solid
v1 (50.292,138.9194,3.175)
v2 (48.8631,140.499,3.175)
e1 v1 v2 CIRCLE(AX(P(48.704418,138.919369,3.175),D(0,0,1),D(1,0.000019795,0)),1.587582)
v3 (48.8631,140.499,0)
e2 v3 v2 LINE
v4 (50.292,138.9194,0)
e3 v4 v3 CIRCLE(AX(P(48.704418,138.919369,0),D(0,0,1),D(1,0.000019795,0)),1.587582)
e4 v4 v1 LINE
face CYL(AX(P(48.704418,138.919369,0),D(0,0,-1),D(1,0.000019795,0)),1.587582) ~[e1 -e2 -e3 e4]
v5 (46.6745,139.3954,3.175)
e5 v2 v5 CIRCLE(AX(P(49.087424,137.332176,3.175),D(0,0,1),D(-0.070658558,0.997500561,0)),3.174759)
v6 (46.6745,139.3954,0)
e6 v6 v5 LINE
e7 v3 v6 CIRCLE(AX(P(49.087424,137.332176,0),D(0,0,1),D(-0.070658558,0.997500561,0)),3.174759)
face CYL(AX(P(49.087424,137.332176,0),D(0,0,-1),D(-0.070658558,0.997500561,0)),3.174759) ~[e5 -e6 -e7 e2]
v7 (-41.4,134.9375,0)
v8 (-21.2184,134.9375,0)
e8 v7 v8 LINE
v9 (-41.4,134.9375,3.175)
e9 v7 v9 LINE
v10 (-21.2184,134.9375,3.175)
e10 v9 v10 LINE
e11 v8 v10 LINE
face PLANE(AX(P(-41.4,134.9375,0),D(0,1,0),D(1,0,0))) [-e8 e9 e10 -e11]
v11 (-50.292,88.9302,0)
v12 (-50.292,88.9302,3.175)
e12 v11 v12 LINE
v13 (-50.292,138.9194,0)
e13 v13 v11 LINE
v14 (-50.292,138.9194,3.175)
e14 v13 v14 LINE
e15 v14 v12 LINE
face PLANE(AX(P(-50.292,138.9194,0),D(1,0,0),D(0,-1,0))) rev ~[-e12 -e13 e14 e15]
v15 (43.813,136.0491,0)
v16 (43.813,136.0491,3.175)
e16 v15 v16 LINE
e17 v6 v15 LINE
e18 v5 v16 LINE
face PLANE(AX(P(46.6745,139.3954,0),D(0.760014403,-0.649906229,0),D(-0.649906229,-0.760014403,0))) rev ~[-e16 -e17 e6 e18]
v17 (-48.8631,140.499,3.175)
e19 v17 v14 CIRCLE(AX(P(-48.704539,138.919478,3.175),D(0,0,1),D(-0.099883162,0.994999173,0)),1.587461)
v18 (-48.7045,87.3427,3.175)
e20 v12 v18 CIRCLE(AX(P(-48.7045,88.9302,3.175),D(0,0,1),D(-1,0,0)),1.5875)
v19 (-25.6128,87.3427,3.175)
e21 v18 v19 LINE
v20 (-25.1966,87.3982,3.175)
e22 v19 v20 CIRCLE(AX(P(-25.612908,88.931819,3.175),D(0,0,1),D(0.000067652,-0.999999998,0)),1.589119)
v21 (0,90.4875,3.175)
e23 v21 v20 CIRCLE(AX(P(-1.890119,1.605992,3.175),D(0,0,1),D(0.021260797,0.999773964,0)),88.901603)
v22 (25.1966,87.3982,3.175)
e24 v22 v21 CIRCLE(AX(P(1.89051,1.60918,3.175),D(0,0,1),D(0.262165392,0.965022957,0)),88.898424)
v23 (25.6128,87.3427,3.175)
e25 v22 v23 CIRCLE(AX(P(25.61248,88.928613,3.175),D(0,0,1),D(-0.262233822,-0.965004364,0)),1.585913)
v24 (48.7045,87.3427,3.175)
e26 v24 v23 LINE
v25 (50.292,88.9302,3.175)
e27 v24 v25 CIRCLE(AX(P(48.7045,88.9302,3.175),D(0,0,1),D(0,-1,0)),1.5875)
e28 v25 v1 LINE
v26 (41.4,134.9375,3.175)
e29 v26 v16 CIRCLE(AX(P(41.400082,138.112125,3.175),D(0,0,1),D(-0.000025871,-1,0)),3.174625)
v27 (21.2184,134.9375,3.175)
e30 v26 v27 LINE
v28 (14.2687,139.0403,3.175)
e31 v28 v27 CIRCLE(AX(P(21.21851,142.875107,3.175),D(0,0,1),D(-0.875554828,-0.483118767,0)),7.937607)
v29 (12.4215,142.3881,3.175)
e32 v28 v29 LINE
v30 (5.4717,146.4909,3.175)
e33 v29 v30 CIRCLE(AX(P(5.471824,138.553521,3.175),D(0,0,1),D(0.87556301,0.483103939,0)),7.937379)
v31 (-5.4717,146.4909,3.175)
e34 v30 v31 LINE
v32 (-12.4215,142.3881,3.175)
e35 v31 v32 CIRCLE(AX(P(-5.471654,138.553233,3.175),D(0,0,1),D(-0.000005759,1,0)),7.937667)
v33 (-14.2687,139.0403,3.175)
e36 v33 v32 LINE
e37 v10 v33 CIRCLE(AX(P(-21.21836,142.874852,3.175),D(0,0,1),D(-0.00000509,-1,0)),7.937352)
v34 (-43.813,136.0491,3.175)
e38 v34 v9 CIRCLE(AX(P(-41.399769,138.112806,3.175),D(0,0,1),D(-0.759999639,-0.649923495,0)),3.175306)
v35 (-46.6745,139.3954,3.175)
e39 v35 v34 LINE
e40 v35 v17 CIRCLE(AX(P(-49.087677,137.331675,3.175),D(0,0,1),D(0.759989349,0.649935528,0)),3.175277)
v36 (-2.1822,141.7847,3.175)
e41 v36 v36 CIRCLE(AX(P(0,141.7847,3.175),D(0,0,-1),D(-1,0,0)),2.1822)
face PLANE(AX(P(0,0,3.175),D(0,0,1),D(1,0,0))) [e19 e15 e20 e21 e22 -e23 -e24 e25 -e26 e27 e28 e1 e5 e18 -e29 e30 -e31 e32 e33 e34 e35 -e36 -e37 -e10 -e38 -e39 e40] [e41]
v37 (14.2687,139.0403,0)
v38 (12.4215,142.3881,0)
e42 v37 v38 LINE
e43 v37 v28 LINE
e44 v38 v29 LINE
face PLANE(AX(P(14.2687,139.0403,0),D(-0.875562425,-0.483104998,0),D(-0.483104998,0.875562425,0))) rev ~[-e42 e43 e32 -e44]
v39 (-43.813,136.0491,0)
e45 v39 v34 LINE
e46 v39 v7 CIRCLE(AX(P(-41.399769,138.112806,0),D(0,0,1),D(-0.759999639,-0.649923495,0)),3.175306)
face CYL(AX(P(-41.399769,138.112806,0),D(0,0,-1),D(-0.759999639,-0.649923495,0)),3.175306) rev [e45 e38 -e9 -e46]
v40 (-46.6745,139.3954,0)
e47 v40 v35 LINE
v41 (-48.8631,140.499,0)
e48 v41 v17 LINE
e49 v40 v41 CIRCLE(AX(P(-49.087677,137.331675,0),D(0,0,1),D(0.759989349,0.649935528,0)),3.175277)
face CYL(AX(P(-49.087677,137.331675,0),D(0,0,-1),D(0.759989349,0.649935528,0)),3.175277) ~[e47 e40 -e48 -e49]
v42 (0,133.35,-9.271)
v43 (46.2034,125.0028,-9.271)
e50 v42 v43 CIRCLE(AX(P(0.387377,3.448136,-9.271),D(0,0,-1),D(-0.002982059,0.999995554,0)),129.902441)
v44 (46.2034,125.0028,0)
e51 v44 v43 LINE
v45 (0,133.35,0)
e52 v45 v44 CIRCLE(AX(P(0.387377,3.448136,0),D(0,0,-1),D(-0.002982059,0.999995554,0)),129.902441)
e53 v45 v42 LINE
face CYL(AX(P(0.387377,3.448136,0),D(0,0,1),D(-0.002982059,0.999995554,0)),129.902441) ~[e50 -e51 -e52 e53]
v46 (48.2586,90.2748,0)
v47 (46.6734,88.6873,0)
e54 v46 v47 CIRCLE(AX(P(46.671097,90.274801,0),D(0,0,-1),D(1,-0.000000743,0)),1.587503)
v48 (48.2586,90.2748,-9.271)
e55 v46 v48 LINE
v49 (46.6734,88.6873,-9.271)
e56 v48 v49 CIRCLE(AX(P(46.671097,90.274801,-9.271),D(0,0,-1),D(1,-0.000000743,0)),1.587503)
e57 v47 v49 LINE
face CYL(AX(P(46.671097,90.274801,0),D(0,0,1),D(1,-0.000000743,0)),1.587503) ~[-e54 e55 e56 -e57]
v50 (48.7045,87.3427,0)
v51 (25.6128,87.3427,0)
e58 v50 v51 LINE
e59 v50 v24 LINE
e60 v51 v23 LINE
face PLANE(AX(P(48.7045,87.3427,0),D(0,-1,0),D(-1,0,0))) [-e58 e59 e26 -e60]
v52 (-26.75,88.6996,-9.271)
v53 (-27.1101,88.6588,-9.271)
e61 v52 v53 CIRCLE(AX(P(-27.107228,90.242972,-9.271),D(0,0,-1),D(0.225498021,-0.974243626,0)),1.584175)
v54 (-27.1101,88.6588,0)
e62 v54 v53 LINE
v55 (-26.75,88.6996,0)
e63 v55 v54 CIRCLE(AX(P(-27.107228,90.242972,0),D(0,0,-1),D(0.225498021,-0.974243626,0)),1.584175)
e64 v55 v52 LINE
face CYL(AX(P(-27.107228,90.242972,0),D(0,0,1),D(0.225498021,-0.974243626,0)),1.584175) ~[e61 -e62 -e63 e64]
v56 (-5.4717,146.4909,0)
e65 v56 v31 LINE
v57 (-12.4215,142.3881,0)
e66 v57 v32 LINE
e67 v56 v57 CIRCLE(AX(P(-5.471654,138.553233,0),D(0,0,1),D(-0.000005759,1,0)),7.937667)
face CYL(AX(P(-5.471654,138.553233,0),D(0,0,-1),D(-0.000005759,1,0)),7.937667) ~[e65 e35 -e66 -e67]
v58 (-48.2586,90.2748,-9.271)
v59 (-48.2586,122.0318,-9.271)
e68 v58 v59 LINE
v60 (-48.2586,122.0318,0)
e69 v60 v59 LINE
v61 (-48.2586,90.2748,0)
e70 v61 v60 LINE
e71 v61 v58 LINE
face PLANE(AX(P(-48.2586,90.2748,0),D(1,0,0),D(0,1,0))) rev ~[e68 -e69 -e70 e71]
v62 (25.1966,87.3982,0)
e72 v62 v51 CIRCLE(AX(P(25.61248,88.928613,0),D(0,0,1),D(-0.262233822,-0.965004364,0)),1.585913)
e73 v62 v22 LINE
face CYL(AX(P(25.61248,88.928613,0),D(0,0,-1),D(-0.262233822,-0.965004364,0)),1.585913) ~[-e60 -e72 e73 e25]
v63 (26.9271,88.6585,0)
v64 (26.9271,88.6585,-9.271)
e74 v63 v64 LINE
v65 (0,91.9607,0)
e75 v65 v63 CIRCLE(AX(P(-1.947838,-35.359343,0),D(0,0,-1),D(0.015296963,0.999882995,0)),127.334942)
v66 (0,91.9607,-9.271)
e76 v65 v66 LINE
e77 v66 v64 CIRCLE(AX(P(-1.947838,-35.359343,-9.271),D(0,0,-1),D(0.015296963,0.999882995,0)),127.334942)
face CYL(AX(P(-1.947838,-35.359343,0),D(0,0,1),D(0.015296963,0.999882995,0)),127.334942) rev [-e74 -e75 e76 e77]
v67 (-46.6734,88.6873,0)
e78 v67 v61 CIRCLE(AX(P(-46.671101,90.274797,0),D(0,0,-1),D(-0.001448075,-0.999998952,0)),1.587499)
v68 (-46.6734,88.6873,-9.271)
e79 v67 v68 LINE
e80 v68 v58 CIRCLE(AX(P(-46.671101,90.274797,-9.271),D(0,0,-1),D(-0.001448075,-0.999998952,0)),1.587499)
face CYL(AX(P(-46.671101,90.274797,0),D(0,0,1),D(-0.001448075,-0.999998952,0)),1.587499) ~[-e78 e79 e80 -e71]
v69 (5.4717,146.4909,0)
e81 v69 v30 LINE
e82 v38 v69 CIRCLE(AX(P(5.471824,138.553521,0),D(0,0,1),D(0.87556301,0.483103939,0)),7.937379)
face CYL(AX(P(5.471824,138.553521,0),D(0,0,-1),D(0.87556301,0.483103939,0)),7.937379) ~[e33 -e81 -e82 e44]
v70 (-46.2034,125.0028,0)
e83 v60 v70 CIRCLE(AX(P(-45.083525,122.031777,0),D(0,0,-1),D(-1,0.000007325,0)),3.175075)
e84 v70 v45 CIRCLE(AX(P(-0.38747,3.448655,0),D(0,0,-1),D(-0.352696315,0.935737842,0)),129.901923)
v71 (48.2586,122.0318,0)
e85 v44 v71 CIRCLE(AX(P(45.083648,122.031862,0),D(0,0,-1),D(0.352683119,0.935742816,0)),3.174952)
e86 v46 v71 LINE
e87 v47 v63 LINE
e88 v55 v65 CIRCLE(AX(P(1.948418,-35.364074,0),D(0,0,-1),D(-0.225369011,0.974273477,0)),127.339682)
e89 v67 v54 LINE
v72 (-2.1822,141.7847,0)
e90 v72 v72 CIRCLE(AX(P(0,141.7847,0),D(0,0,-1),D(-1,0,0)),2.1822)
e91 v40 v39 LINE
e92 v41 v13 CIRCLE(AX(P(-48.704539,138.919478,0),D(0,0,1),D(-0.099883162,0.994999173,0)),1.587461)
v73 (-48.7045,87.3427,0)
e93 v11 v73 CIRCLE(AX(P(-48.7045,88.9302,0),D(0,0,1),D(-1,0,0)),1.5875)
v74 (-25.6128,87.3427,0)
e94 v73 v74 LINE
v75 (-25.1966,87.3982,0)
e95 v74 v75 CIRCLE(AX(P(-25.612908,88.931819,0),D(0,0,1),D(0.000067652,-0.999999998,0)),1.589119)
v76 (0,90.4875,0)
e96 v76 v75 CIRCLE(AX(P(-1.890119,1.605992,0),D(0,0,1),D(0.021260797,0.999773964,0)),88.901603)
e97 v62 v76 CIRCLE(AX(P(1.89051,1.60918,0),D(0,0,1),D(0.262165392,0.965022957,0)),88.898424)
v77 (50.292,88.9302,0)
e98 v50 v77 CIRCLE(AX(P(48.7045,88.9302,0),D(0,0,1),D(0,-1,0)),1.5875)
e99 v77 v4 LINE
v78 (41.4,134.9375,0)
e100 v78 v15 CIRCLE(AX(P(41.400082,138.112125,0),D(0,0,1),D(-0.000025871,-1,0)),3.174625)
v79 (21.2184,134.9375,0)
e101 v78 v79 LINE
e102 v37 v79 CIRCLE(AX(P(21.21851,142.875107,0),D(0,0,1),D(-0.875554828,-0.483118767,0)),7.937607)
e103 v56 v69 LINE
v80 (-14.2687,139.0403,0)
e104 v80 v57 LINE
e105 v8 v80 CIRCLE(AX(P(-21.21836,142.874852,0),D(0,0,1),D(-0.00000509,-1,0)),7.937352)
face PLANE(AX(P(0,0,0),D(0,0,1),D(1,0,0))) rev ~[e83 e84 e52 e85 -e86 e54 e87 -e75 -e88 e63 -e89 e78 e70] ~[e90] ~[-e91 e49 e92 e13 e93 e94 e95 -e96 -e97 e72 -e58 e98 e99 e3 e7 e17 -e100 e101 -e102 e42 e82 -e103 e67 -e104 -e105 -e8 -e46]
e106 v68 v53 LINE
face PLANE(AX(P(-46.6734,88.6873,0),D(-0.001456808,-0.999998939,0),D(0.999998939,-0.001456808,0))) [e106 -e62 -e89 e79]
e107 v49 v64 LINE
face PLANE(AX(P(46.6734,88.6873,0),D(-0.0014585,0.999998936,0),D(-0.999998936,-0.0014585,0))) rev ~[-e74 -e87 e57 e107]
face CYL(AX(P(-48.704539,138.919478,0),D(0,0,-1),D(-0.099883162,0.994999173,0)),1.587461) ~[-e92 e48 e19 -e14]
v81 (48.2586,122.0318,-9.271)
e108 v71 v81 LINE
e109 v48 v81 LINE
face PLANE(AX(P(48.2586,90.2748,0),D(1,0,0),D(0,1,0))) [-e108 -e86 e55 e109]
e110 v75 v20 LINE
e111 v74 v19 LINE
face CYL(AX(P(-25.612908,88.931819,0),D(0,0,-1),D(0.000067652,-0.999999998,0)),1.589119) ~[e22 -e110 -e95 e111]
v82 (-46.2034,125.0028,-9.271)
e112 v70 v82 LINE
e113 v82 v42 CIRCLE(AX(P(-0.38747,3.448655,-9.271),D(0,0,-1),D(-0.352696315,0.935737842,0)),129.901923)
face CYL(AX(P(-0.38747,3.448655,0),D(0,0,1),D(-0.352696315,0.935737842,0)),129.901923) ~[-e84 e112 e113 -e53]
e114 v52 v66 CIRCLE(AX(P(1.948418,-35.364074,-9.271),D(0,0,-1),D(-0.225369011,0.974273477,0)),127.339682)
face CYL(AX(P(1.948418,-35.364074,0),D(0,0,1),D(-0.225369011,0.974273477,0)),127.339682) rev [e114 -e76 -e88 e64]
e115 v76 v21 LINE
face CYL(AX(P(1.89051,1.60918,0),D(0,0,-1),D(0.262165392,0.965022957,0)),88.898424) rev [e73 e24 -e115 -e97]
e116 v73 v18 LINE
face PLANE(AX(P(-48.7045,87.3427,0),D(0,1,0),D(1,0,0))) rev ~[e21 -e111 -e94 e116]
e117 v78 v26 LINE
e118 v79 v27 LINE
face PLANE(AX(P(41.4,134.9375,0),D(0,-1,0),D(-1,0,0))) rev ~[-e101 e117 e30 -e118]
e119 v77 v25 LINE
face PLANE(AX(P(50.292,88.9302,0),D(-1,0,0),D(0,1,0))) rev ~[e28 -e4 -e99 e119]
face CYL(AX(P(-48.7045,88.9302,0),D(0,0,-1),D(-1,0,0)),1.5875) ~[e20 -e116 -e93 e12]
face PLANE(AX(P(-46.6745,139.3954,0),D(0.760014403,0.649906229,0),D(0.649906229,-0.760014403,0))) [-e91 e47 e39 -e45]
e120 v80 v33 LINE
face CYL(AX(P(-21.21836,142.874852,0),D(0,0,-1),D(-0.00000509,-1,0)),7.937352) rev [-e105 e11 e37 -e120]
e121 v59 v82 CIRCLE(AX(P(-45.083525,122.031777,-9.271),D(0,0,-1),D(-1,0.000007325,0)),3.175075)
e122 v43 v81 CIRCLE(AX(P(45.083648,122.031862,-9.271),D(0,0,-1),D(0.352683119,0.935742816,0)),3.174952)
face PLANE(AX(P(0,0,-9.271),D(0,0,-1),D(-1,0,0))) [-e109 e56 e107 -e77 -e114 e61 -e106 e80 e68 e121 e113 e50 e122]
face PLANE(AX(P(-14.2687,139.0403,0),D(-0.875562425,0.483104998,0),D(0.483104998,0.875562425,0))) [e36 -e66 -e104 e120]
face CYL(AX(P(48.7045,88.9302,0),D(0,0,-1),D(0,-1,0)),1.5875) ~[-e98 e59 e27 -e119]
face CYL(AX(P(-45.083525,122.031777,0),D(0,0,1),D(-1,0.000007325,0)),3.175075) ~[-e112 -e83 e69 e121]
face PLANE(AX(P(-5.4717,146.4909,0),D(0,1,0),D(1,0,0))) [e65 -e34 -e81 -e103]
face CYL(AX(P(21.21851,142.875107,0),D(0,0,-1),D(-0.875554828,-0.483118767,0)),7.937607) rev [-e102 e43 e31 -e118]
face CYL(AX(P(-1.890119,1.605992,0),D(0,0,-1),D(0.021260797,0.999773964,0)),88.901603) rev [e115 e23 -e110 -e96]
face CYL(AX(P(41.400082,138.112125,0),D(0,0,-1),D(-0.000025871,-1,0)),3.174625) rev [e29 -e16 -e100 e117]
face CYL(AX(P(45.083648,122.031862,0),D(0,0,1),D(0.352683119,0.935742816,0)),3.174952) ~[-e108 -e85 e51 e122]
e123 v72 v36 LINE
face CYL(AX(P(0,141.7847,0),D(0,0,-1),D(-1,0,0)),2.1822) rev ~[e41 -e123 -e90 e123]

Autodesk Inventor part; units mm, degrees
ref_plane "YZ Plane" through (0, 0, 0) normal (1, 0, 0) x (0, 1, 0)
ref_plane "XZ Plane" through (0, 0, 0) normal (0, 1, 0) x (-1, 0, 0)
ref_plane "XY Plane" through (0, 0, 0) normal (0, 0, 1) x (1, 0, 0)
sketch "Esquisse1" plane through (0, 0, 0) normal (0, 0, 1) x (1, 0, 0)
  line L0 (-186.69, 0) -> (186.69, 0) projected
  line L1 (0, -197.485) -> (0, 251.46) projected
  circle A0 centre (0, 0) radius 133.35 construction
  line L2 (-50.292, 138.9194) -> (-50.292, 88.9302)
  line L3 (50.292, 88.9302) -> (50.292, 138.9194)
  line L4 (-5.4717, 146.4909) -> (0, 146.4909)
  line L5 (-59.3639, 174.3189) -> (62.2899, 174.3189) construction
  line L6 (62.2899, 174.3189) -> (62.2899, 74.4875) construction
  line L7 (62.2899, 74.4875) -> (-59.3639, 74.4875) construction
  line L8 (-59.3639, 74.4875) -> (-59.3639, 174.3189) construction
  line L9 (-46.6745, 139.3954) -> (-43.813, 136.0491)
  line L10 (-41.4, 134.9375) -> (-21.2184, 134.9375)
  line L11 (-14.2687, 139.0403) -> (-12.4215, 142.3881)
  line L12 (0, 14.2875) -> (0, 187.325) construction
  arc A1 (-46.6745, 139.3954) -> (-48.8631, 140.499) centre (-49.0875, 137.3319) ccw
  arc A2 (-43.813, 136.0491) -> (-41.4, 134.9375) centre (-41.4, 138.1125) ccw
  arc A3 (-48.8631, 140.499) -> (-50.292, 138.9194) centre (-48.7045, 138.9194) ccw
  arc A4 (-21.2184, 134.9375) -> (-14.2687, 139.0403) centre (-21.2184, 142.875) ccw
  arc A5 (-5.4717, 146.4909) -> (-12.4215, 142.3881) centre (-5.4717, 138.5534) ccw
  line L13 (5.4717, 146.4909) -> (0, 146.4909)
  line L14 (46.6745, 139.3954) -> (43.813, 136.0491)
  line L15 (41.4, 134.9375) -> (21.2184, 134.9375)
  line L16 (14.2687, 139.0403) -> (12.4215, 142.3881)
  arc A6 (48.8631, 140.499) -> (46.6745, 139.3954) centre (49.0875, 137.3319) ccw
  arc A7 (41.4, 134.9375) -> (43.813, 136.0491) centre (41.4, 138.1125) ccw
  arc A8 (50.292, 138.9194) -> (48.8631, 140.499) centre (48.7045, 138.9194) ccw
  arc A9 (14.2687, 139.0403) -> (21.2184, 134.9375) centre (21.2184, 142.875) ccw
  arc A10 (12.4215, 142.3881) -> (5.4717, 146.4909) centre (5.4717, 138.5534) ccw
  line L17 (-48.7045, 87.3427) -> (-25.6128, 87.3427)
  arc A11 (0, 90.4875) -> (-25.1966, 87.3982) centre (-1.8902, 1.6076) ccw
  arc A12 (-50.292, 88.9302) -> (-48.7045, 87.3427) centre (-48.7045, 88.9302) ccw
  arc A13 (-25.6128, 87.3427) -> (-25.1966, 87.3982) centre (-25.6128, 88.9302) ccw
  line L18 (48.7045, 87.3427) -> (25.6128, 87.3427)
  arc A14 (25.1966, 87.3982) -> (0, 90.4875) centre (1.8902, 1.6076) ccw
  arc A15 (25.1966, 87.3982) -> (25.6128, 87.3427) centre (25.6128, 88.9302) ccw
  arc A16 (48.7045, 87.3427) -> (50.292, 88.9302) centre (48.7045, 88.9302) ccw
  point P0 (-25.4, 87.3427)
  point P1 (48.7045, 87.3427)
  dimension "d0" = 266.7
  dimension "d1" = 100.584
  dimension "d37" = 121.6538
  dimension "d38" = 99.8314
  dimension "d39" = 74.4875
  dimension "d40" = 59.3639
  dimension "d52" = 3.175
  dimension "d55" = 1.5875
  dimension "d58" = 7.9375
  dimension "d67" = 88.9
  dimension "d68" = 1.5875
  dimension "d72" = 1.5875
extrude "Extrusion1" add sketch "Esquisse1" along normal blind 3.175
sketch "Esquisse2" plane through (0, 0, 0) normal (0, 0, -1) x (-1, 0, 0)
  line L0 (-50.292, 138.9194) -> (-50.292, 88.9302) projected
  line L1 (-21.2184, 134.9375) -> (-41.4, 134.9375) projected
  line L2 (-48.2586, 90.2748) -> (-48.2586, 122.0318)
  line L3 (-46.6734, 88.6873) -> (-26.9271, 88.6585)
  arc A0 (0, 91.9607) -> (-26.9271, 88.6585) centre (1.948, -35.3617) ccw
  arc A1 (0, 133.35) -> (-46.2034, 125.0028) centre (-0.3874, 3.4484) ccw
  line L4 (0, -197.485) -> (0, 251.46) projected
  line L5 (48.2586, 90.2748) -> (48.2586, 122.0318)
  line L6 (46.6734, 88.6873) -> (27.1101, 88.6588)
  arc A2 (26.75, 88.6996) -> (0, 91.9607) centre (-1.948, -35.3617) ccw
  arc A3 (46.2034, 125.0028) -> (0, 133.35) centre (0.3874, 3.4484) ccw
  arc A4 (-48.2586, 90.2748) -> (-46.6734, 88.6873) centre (-46.6711, 90.2748) ccw
  arc A5 (26.75, 88.6996) -> (27.1101, 88.6588) centre (27.1078, 90.2463) ccw
  arc A6 (46.6734, 88.6873) -> (48.2586, 90.2748) centre (46.6711, 90.2748) ccw
  arc A7 (-46.2034, 125.0028) -> (-48.2586, 122.0318) centre (-45.0836, 122.0318) ccw
  arc A8 (48.2586, 122.0318) -> (46.2034, 125.0028) centre (45.0836, 122.0318) ccw
  point P0 (0, 0)
  point P1 (-48.2586, 88.6897)
  point P2 (-48.2586, 124.2082)
  point P3 (48.2586, 88.6897)
  point P4 (48.2586, 124.2082)
  point P5 (26.9271, 88.6585)
  dimension "d80" = 1.5875
  dimension "d81" = 3.175
extrude "Extrusion2" add sketch "Esquisse2" along normal blind 9.271
sketch "Esquisse3" plane through (0, 0, 0) normal (0, 0, -1) x (-1, 0, 0)
  circle A0 centre (0, 141.7847) radius 2.1822
  point P0 (0, 0)
extrude "Extrusion3" cut sketch "Esquisse3" against normal blind 9.271
equation "\"d0\" = para_d"
equation "\"para_a\" = 25.4"
equation "\"para_b\" = 25.4"
equation "\"para_c\" = 25.4"
equation "\"para_d\" = 266.7"
equation "\"para_e\" = 25.4"
properties part number "BRAKE PAD" material "Acier"
